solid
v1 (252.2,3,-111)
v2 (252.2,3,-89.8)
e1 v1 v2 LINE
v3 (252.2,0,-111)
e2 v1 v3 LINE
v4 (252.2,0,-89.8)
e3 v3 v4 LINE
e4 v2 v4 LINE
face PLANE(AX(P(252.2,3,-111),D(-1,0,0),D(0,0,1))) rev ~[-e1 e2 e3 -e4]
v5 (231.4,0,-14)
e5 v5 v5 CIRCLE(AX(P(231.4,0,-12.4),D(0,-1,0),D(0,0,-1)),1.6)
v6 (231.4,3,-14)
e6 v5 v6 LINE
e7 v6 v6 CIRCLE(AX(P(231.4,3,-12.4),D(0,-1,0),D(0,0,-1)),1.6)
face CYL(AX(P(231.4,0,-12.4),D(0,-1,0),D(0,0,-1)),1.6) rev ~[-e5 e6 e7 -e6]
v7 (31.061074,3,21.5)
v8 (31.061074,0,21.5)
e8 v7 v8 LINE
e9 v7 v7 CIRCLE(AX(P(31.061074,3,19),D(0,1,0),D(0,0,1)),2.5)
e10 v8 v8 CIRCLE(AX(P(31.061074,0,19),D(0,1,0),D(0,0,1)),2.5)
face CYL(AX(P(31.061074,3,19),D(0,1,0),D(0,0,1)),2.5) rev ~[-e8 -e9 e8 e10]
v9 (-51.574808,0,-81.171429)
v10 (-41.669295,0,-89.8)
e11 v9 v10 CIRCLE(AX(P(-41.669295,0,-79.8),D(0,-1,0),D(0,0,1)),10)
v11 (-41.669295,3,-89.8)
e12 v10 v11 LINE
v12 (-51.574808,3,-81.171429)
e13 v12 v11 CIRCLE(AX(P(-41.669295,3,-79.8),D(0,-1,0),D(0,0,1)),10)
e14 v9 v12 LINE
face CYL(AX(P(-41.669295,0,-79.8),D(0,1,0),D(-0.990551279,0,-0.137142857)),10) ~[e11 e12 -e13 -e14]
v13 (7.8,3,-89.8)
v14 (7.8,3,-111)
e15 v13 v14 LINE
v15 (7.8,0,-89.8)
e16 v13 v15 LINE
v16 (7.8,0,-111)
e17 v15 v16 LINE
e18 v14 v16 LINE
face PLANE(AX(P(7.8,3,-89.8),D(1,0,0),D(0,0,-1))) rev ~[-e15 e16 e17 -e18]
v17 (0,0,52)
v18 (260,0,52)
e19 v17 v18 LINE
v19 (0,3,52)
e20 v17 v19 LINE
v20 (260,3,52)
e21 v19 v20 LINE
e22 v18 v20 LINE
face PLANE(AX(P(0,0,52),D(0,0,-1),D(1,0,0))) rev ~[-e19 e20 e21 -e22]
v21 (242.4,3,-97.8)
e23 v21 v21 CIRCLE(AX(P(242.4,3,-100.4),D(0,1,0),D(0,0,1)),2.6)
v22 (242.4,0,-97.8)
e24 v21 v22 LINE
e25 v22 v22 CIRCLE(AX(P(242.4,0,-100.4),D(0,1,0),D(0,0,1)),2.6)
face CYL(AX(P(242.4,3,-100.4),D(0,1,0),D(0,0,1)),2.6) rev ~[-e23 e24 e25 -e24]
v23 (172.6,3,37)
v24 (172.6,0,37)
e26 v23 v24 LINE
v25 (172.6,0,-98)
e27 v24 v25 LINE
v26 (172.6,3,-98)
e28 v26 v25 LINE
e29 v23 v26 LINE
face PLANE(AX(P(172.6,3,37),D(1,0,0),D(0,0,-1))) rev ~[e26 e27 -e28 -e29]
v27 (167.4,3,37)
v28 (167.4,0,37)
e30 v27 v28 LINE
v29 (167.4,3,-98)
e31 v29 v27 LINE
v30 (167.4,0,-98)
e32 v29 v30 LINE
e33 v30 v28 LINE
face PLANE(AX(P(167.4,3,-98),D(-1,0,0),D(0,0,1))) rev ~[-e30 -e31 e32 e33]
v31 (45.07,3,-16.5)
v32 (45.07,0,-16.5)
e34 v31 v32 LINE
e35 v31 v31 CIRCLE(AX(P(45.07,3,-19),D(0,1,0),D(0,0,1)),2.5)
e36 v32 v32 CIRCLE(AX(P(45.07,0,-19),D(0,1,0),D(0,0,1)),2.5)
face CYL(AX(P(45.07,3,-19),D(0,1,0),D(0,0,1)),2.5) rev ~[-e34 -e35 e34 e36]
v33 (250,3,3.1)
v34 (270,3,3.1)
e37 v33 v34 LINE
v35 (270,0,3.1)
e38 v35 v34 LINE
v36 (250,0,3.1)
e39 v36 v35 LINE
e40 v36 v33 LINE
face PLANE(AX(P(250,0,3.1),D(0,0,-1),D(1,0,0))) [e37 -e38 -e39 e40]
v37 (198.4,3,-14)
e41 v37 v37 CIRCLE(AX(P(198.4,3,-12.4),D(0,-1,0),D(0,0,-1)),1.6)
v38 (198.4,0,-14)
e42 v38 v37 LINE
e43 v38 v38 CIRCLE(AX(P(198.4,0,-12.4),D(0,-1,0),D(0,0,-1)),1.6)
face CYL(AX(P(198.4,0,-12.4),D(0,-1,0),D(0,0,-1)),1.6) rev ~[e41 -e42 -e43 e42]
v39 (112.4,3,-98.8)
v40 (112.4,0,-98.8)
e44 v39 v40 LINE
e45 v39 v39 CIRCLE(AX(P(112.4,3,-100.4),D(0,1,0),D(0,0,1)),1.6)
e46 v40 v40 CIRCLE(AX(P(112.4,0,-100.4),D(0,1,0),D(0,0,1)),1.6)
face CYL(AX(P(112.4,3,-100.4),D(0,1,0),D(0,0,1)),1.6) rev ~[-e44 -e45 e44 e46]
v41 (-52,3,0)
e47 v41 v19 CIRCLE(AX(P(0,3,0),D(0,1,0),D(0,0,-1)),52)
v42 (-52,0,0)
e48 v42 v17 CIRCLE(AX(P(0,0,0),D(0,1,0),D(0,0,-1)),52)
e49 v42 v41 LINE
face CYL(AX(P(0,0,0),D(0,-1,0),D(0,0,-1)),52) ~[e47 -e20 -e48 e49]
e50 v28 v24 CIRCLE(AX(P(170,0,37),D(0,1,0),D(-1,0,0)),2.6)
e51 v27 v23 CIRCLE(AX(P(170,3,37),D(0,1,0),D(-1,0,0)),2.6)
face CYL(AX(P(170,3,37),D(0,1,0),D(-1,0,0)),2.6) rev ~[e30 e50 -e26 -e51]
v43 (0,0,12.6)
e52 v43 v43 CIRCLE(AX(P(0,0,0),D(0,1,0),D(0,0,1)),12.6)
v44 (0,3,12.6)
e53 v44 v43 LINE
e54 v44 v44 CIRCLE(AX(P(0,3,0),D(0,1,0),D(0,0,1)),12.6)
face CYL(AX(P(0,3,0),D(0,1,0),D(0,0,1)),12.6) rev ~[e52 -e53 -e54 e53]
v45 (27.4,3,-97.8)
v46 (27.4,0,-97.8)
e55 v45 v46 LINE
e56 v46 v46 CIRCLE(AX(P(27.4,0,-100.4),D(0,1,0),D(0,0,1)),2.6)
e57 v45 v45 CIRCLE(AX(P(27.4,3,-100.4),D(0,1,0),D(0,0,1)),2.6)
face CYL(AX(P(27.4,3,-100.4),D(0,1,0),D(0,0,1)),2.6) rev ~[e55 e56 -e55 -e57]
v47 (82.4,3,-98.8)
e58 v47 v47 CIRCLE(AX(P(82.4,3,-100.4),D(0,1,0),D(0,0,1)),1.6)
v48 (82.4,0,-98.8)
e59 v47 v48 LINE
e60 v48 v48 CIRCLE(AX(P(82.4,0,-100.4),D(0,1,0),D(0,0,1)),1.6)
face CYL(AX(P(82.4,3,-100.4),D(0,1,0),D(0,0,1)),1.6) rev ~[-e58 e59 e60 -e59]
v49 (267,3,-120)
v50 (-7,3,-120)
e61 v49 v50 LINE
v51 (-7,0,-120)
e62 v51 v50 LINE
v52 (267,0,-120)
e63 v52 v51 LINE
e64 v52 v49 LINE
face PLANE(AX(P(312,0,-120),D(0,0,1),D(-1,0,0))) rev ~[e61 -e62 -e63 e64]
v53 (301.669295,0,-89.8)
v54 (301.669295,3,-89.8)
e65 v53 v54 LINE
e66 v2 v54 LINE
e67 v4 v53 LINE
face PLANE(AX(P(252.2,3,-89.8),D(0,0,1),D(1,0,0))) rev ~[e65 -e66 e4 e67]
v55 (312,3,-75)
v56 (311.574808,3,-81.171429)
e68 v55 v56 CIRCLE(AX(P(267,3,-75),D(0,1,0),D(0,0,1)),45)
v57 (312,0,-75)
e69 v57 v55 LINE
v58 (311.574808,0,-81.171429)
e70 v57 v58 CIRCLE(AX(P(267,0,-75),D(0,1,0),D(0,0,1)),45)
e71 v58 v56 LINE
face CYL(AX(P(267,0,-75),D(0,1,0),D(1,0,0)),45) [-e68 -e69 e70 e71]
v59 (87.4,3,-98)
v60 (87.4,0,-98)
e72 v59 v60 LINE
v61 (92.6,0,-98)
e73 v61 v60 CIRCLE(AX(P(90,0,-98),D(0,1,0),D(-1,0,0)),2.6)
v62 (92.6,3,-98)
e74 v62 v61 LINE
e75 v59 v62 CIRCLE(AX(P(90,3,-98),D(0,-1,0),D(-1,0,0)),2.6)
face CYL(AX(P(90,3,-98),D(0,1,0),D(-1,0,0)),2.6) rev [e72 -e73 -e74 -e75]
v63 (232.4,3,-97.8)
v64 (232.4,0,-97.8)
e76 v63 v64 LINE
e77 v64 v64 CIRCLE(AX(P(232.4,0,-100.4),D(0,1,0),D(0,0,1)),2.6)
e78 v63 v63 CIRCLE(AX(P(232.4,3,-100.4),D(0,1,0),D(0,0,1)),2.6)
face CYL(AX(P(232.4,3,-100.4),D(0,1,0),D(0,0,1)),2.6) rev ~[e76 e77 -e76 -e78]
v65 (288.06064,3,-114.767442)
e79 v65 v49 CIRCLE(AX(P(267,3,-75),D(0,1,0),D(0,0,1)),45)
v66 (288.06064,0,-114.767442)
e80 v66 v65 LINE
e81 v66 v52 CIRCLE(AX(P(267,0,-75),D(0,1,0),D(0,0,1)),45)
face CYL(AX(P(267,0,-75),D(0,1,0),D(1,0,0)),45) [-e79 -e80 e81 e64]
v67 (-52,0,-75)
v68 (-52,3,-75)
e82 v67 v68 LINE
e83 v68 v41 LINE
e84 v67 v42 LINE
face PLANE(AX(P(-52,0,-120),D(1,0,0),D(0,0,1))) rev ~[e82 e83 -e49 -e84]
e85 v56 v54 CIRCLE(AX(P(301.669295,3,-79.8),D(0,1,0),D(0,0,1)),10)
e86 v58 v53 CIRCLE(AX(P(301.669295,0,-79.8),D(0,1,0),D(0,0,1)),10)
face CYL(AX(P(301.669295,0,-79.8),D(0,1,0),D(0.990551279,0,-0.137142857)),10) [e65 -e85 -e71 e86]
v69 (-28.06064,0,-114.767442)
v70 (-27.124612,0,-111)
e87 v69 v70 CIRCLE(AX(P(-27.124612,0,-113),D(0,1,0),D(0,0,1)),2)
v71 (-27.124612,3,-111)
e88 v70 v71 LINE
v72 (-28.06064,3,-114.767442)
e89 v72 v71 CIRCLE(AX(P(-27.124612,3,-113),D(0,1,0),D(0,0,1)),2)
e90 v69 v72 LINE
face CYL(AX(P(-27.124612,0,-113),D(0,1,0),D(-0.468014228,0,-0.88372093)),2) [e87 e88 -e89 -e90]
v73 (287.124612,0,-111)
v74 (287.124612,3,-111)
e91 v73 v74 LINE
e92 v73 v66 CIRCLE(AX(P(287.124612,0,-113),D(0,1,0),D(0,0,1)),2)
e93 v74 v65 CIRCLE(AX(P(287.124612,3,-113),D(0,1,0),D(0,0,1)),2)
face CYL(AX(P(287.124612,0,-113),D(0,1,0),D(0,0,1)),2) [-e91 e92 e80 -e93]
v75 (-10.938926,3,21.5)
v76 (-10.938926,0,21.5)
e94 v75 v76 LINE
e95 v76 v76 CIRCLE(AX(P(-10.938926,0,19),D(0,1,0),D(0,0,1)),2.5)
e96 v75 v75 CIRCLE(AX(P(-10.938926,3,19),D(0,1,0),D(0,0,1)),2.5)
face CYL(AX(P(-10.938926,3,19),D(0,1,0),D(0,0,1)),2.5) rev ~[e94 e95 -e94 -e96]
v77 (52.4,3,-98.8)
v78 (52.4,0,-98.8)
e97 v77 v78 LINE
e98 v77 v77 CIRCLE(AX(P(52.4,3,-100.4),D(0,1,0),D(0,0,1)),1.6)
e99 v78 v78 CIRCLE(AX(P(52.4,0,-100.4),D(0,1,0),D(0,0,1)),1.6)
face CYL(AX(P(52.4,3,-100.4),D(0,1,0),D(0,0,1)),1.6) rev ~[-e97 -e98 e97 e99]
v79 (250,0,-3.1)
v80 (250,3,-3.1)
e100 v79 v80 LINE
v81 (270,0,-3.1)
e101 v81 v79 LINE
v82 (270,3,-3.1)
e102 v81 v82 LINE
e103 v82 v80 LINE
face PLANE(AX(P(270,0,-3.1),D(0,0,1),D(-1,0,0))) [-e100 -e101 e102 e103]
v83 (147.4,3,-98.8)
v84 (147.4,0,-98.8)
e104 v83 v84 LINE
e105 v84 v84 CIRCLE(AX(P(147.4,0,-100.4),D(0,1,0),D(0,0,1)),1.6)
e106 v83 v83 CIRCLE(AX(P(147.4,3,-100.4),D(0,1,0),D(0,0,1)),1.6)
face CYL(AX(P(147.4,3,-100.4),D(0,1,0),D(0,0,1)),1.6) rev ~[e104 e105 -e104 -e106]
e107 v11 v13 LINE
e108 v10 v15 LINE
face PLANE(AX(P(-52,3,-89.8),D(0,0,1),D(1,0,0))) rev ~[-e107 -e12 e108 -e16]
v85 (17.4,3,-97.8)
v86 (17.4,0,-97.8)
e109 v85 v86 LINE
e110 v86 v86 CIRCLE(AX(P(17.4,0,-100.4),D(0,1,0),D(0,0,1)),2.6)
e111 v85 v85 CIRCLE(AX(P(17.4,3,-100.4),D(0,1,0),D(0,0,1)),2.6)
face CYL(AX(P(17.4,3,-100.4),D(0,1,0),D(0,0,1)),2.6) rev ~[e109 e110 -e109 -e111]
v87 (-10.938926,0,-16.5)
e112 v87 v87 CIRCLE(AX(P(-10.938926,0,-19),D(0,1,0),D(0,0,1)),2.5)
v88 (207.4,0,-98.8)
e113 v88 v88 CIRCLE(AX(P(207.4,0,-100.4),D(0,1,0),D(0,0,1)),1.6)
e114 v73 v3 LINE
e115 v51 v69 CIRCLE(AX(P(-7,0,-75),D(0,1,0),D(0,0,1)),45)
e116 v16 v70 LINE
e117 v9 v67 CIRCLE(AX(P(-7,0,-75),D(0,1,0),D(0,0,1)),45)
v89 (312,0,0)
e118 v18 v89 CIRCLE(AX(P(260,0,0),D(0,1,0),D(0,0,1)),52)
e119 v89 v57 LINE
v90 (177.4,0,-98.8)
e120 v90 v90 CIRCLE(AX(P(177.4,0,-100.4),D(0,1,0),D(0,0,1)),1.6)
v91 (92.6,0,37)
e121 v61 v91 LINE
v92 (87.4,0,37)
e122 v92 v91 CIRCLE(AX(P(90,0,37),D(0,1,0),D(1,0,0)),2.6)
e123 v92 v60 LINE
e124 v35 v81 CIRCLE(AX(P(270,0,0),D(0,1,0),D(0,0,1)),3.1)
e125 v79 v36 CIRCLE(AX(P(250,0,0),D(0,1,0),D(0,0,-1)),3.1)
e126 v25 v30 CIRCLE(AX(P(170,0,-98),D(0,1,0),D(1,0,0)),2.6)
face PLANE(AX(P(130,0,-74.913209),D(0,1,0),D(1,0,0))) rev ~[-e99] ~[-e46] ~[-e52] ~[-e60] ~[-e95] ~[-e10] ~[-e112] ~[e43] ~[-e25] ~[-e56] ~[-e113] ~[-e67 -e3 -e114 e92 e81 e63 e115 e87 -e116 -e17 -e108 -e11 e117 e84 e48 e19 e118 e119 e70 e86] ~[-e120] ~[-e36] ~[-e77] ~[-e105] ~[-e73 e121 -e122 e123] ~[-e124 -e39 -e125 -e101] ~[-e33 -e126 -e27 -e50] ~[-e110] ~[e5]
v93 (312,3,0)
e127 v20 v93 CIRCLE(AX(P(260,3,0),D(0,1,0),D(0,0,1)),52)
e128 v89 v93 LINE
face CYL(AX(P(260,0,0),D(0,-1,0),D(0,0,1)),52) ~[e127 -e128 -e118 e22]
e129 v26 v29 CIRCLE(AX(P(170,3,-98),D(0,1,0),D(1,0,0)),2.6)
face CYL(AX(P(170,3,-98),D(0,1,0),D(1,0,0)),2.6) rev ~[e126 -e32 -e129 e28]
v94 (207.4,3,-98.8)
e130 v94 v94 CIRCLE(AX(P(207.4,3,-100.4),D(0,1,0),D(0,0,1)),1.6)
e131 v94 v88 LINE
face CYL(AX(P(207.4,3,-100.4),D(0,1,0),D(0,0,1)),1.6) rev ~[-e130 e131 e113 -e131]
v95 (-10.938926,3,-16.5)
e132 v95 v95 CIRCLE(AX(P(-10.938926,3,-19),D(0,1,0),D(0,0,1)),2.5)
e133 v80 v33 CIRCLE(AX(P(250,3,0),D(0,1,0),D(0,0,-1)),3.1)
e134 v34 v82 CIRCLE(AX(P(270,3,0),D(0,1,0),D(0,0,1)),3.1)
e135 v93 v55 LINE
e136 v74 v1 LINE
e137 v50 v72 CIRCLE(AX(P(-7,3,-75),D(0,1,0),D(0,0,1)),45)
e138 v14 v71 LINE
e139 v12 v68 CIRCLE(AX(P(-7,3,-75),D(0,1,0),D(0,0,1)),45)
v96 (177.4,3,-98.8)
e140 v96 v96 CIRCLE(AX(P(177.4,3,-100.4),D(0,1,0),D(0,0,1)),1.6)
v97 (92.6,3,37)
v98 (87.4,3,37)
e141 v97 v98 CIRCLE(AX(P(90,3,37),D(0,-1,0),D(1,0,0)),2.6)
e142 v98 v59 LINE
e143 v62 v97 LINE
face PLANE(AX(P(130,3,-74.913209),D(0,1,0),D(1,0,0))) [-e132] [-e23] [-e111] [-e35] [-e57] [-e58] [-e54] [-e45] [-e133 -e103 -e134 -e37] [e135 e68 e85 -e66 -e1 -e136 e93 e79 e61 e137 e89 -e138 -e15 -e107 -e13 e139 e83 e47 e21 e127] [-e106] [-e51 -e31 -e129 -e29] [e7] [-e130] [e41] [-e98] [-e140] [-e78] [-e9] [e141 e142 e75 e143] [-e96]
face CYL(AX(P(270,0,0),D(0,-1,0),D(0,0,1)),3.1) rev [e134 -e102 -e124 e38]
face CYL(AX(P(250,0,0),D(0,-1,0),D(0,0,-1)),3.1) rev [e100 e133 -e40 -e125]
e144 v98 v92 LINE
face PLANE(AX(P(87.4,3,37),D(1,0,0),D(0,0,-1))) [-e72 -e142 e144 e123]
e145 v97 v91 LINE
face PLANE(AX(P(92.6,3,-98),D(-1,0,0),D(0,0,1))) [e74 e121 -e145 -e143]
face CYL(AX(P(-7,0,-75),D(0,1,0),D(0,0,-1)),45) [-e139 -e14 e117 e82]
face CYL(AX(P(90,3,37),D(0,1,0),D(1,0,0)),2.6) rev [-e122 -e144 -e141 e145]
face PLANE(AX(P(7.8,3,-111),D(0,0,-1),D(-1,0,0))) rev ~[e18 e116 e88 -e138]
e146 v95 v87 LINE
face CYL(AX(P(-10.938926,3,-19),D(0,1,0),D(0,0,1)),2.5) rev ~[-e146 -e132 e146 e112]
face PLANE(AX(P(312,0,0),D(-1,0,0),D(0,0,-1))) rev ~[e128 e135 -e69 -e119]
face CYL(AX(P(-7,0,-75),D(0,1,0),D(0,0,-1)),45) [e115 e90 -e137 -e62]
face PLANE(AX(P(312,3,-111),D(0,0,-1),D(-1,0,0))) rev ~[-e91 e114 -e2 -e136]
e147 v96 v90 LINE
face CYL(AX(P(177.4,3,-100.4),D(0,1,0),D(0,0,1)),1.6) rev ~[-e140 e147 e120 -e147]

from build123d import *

# Parameters (mm, degrees)
SKETCH1_R           = 3.1
BOSS_EXTRUDE1_DEPTH = 3
CUT_EXTRUDE1_DEPTH  = 335.294780097
FILLET1_R           = 45
SKETCH3_R           = 12.6
CUT_EXTRUDE2_DEPTH  = 335.294780097
SKETCH4_R           = 2.5
CUT_EXTRUDE3_DEPTH  = 335.294780097
SKETCH5_W           = 15.2
SKETCH5_H           = 15.2
SKETCH5_W_2         = 0.2
CUT_EXTRUDE4_DEPTH  = 335.294780097
SKETCH10_R          = 2.6
SKETCH10_R_2        = 1.6
CUT_EXTRUDE8_DEPTH  = 335.294780097
FILLET2_R           = 10
FILLET3_R           = 2
SKETCH11_R          = 1.6
CUT_EXTRUDE9_DEPTH  = 335.294780097


with BuildPart() as part:
    # Sketch1 → Boss-Extrude1 (new body)
    # profile 1 of 2: a face of its own
    with BuildSketch(Plane(origin=(0, 0, 0), x_dir=(1, 0, 0), z_dir=(0, 1, 0))):
        with BuildLine():
            Line((0, -52), (260, -52))
            ThreePointArc((260, -52), (312, 0), (260, 52))
            Line((260, 52), (0, 52))
            ThreePointArc((0, 52), (-52, 0), (0, -52))
        make_face()
        with Locations(Location((0, 0, 0), (0, 0, 270))):
            Circle(SKETCH1_R, mode=Mode.SUBTRACT)
        with BuildLine():
            ThreePointArc((250, 3.1), (246.9, 0), (250, -3.1))
            Line((250, -3.1), (270, -3.1))
            ThreePointArc((270, -3.1), (273.1, 0), (270, 3.1))
            Line((270, 3.1), (250, 3.1))
        make_face(mode=Mode.SUBTRACT)
    # profile 2 of 2: a face of its own
    with BuildSketch(Plane(origin=(0, 0, 0), x_dir=(1, 0, 0), z_dir=(0, 1, 0))):
        with BuildLine():
            ThreePointArc((-52, 0), (-36.769552622, 36.769552622), (0, 52))
            Line((0, 52), (260, 52))
            ThreePointArc((260, 52), (296.769552622, 36.769552622), (312, 0))
            Line((312, 0), (312, 120))
            Line((312, 120), (-52, 120))
            Line((-52, 120), (-52, 0))
        make_face()
    extrude(amount=BOSS_EXTRUDE1_DEPTH)

    # Sketch2 → Cut-Extrude1 (cut, through all)
    with BuildSketch(Plane(origin=(0, 3, 0), x_dir=(1, 0, 0), z_dir=(0, 1, 0))):
        with BuildLine():
            Line((87.4, -37), (87.4, 98))
            ThreePointArc((87.4, 98), (90, 100.6), (92.6, 98))
            Line((92.6, 98), (92.6, -37))
            ThreePointArc((92.6, -37), (90, -39.6), (87.4, -37))
        make_face()
        with BuildLine():
            Line((172.6, -37), (172.6, 98))
            ThreePointArc((172.6, 98), (170, 100.6), (167.4, 98))
            Line((167.4, 98), (167.4, -37))
            ThreePointArc((167.4, -37), (170, -39.6), (172.6, -37))
        make_face()
    extrude(amount=-CUT_EXTRUDE1_DEPTH, mode=Mode.SUBTRACT)

    # Fillet1
    fillet1_edges = [part.edges().sort_by_distance(p)[0] for p in [
        (-52, 1.5, -120),
        (312, 1.5, -120),
    ]]
    fillet(fillet1_edges, radius=FILLET1_R)

    # Sketch3 → Cut-Extrude2 (cut, through all)
    with BuildSketch(Plane(origin=(0, 3, 0), x_dir=(1, 0, 0), z_dir=(0, 1, 0))):
        with Locations(Location((0, 0, 0), (0, 0, 270))):
            Circle(SKETCH3_R)
    extrude(amount=-CUT_EXTRUDE2_DEPTH, mode=Mode.SUBTRACT)

    # Sketch4 → Cut-Extrude3 (cut, through all)
    with BuildSketch(Plane(origin=(0, 3, 0), x_dir=(1, 0, 0), z_dir=(0, 1, 0))):
        with Locations(Location((-10.938925726, 19, 0), (0, 0, 270))):
            Circle(SKETCH4_R)
        with Locations(Location((45.07, 19, 0), (0, 0, 270))):
            Circle(SKETCH4_R)
        with Locations(Location((31.061074274, -19, 0), (0, 0, 270))):
            Circle(SKETCH4_R)
        with Locations(Location((-10.938925726, -19, 0), (0, 0, 270))):
            Circle(SKETCH4_R)
    extrude(amount=-CUT_EXTRUDE3_DEPTH, mode=Mode.SUBTRACT)

    # Sketch5 → Cut-Extrude4 (cut, through all)
    with BuildSketch(Plane(origin=(0, 3, 0), x_dir=(1, 0, 0), z_dir=(0, 1, 0))):
        with BuildLine():
            Line((-52, 108), (-37.594117082, 108))
            ThreePointArc((-37.594117082, 108), (-35.836098568, 109.546771476), (-34, 111))
            Line((-34, 111), (-52, 111))
            Line((-52, 111), (-52, 108))
        make_face()
        with BuildLine():
            Line((-37.594117082, 108), (-7.6, 108))
            Line((-7.6, 108), (7.6, 108))
            Line((7.6, 108), (7.8, 108))
            Line((7.8, 108), (7.8, 111))
            Line((7.8, 111), (-34, 111))
            ThreePointArc((-34, 111), (-35.836098568, 109.546771476), (-37.594117082, 108))
        make_face()
        with BuildLine():
            Line((-48.32989233, 92.8), (-7.6, 92.8))
            Line((-7.6, 92.8), (-7.6, 108))
            Line((-7.6, 108), (-37.594117082, 108))
            ThreePointArc((-37.594117082, 108), (-43.756302622, 100.961013415), (-48.32989233, 92.8))
        make_face()
        with BuildLine():
            Line((7.6, 92.8), (-7.6, 92.8))
            Line((-7.6, 92.8), (-48.32989233, 92.8))
            ThreePointArc((-48.32989233, 92.8), (-48.940072785, 91.310435149), (-49.496588098, 89.8))
            Line((-49.496588098, 89.8), (7.8, 89.8))
            Line((7.8, 89.8), (7.8, 92.8))
            Line((7.8, 92.8), (7.6, 92.8))
        make_face()
        with BuildLine():
            Line((-52, 92.8), (-48.32989233, 92.8))
            ThreePointArc((-48.32989233, 92.8), (-43.756302622, 100.961013415), (-37.594117082, 108))
            Line((-37.594117082, 108), (-52, 108))
            Line((-52, 108), (-52, 92.8))
        make_face()
        with BuildLine():
            ThreePointArc((-49.496588098, 89.8), (-48.940072785, 91.310435149), (-48.32989233, 92.8))
            Line((-48.32989233, 92.8), (-52, 92.8))
            Line((-52, 92.8), (-52, 89.8))
            Line((-52, 89.8), (-49.496588098, 89.8))
        make_face()
        with Locations((0, 100.4)):
            Rectangle(SKETCH5_W, SKETCH5_H)
        with Locations((7.7, 100.4)):
            Rectangle(SKETCH5_W_2, SKETCH5_H)
        with BuildLine():
            Line((252.2, 108), (252.4, 108))
            Line((252.4, 108), (267.6, 108))
            Line((267.6, 108), (297.594117082, 108))
            ThreePointArc((297.594117082, 108), (295.836098568, 109.546771476), (294, 111))
            Line((294, 111), (252.2, 111))
            Line((252.2, 111), (252.2, 108))
        make_face()
        with Locations((260, 100.4)):
            Rectangle(SKETCH5_W, SKETCH5_H)
        with Locations((252.3, 100.4)):
            Rectangle(SKETCH5_W_2, SKETCH5_H)
        with BuildLine():
            Line((267.6, 92.8), (252.4, 92.8))
            Line((252.4, 92.8), (252.2, 92.8))
            Line((252.2, 92.8), (252.2, 89.8))
            Line((252.2, 89.8), (309.496588098, 89.8))
            ThreePointArc((309.496588098, 89.8), (308.940072785, 91.310435149), (308.32989233, 92.8))
            Line((308.32989233, 92.8), (267.6, 92.8))
        make_face()
        with BuildLine():
            Line((297.594117082, 108), (267.6, 108))
            Line((267.6, 108), (267.6, 92.8))
            Line((267.6, 92.8), (308.32989233, 92.8))
            ThreePointArc((308.32989233, 92.8), (303.756302622, 100.961013415), (297.594117082, 108))
        make_face()
        with BuildLine():
            ThreePointArc((294, 111), (295.836098568, 109.546771476), (297.594117082, 108))
            Line((297.594117082, 108), (312, 108))
            Line((312, 108), (312, 111))
            Line((312, 111), (294, 111))
        make_face()
        with BuildLine():
            Line((312, 108), (297.594117082, 108))
            ThreePointArc((297.594117082, 108), (303.756302622, 100.961013415), (308.32989233, 92.8))
            Line((308.32989233, 92.8), (312, 92.8))
            Line((312, 92.8), (312, 108))
        make_face()
        with BuildLine():
            Line((312, 92.8), (308.32989233, 92.8))
            ThreePointArc((308.32989233, 92.8), (308.940072785, 91.310435149), (309.496588098, 89.8))
            Line((309.496588098, 89.8), (312, 89.8))
            Line((312, 89.8), (312, 92.8))
        make_face()
    extrude(amount=-CUT_EXTRUDE4_DEPTH, mode=Mode.SUBTRACT)

    # Sketch10 → Cut-Extrude8 (cut, through all)
    with BuildSketch(Plane(origin=(0, 3, 0), x_dir=(1, 0, 0), z_dir=(0, 1, 0))):
        with Locations(Location((17.4, 100.4, 0), (0, 0, 270))):
            Circle(SKETCH10_R)
        with Locations(Location((27.4, 100.4, 0), (0, 0, 270))):
            Circle(SKETCH10_R)
        with Locations(Location((242.4, 100.4, 0), (0, 0, 270))):
            Circle(SKETCH10_R)
        with Locations(Location((232.4, 100.4, 0), (0, 0, 270))):
            Circle(SKETCH10_R)
        with Locations(Location((207.4, 100.4, 0), (0, 0, 270))):
            Circle(SKETCH10_R_2)
        with Locations(Location((177.4, 100.4, 0), (0, 0, 270))):
            Circle(SKETCH10_R_2)
        with Locations(Location((147.4, 100.4, 0), (0, 0, 270))):
            Circle(SKETCH10_R_2)
        with Locations(Location((112.4, 100.4, 0), (0, 0, 270))):
            Circle(SKETCH10_R_2)
        with Locations(Location((52.4, 100.4, 0), (0, 0, 270))):
            Circle(SKETCH10_R_2)
        with Locations(Location((82.4, 100.4, 0), (0, 0, 270))):
            Circle(SKETCH10_R_2)
    extrude(amount=-CUT_EXTRUDE8_DEPTH, mode=Mode.SUBTRACT)

    # Fillet2
    fillet2_edges = [part.edges().sort_by_distance(p)[0] for p in [
        (-49.496588098, 1.5, -89.8),
        (309.496588098, 1.5, -89.8),
    ]]
    fillet(fillet2_edges, radius=FILLET2_R)

    # Fillet3
    fillet3_edges = [part.edges().sort_by_distance(p)[0] for p in [
        (-34, 1.5, -111),
        (294, 1.5, -111),
    ]]
    fillet(fillet3_edges, radius=FILLET3_R)

    # Sketch11 → Cut-Extrude9 (cut, through all)
    with BuildSketch(Plane.XZ):
        with Locations(Location((231.4, -12.4, 0), (0, 0, 270))):
            Circle(SKETCH11_R)
        with Locations(Location((198.4, -12.4, 0), (0, 0, 270))):
            Circle(SKETCH11_R)
    extrude(amount=-CUT_EXTRUDE9_DEPTH, mode=Mode.SUBTRACT)


solid = part.part
